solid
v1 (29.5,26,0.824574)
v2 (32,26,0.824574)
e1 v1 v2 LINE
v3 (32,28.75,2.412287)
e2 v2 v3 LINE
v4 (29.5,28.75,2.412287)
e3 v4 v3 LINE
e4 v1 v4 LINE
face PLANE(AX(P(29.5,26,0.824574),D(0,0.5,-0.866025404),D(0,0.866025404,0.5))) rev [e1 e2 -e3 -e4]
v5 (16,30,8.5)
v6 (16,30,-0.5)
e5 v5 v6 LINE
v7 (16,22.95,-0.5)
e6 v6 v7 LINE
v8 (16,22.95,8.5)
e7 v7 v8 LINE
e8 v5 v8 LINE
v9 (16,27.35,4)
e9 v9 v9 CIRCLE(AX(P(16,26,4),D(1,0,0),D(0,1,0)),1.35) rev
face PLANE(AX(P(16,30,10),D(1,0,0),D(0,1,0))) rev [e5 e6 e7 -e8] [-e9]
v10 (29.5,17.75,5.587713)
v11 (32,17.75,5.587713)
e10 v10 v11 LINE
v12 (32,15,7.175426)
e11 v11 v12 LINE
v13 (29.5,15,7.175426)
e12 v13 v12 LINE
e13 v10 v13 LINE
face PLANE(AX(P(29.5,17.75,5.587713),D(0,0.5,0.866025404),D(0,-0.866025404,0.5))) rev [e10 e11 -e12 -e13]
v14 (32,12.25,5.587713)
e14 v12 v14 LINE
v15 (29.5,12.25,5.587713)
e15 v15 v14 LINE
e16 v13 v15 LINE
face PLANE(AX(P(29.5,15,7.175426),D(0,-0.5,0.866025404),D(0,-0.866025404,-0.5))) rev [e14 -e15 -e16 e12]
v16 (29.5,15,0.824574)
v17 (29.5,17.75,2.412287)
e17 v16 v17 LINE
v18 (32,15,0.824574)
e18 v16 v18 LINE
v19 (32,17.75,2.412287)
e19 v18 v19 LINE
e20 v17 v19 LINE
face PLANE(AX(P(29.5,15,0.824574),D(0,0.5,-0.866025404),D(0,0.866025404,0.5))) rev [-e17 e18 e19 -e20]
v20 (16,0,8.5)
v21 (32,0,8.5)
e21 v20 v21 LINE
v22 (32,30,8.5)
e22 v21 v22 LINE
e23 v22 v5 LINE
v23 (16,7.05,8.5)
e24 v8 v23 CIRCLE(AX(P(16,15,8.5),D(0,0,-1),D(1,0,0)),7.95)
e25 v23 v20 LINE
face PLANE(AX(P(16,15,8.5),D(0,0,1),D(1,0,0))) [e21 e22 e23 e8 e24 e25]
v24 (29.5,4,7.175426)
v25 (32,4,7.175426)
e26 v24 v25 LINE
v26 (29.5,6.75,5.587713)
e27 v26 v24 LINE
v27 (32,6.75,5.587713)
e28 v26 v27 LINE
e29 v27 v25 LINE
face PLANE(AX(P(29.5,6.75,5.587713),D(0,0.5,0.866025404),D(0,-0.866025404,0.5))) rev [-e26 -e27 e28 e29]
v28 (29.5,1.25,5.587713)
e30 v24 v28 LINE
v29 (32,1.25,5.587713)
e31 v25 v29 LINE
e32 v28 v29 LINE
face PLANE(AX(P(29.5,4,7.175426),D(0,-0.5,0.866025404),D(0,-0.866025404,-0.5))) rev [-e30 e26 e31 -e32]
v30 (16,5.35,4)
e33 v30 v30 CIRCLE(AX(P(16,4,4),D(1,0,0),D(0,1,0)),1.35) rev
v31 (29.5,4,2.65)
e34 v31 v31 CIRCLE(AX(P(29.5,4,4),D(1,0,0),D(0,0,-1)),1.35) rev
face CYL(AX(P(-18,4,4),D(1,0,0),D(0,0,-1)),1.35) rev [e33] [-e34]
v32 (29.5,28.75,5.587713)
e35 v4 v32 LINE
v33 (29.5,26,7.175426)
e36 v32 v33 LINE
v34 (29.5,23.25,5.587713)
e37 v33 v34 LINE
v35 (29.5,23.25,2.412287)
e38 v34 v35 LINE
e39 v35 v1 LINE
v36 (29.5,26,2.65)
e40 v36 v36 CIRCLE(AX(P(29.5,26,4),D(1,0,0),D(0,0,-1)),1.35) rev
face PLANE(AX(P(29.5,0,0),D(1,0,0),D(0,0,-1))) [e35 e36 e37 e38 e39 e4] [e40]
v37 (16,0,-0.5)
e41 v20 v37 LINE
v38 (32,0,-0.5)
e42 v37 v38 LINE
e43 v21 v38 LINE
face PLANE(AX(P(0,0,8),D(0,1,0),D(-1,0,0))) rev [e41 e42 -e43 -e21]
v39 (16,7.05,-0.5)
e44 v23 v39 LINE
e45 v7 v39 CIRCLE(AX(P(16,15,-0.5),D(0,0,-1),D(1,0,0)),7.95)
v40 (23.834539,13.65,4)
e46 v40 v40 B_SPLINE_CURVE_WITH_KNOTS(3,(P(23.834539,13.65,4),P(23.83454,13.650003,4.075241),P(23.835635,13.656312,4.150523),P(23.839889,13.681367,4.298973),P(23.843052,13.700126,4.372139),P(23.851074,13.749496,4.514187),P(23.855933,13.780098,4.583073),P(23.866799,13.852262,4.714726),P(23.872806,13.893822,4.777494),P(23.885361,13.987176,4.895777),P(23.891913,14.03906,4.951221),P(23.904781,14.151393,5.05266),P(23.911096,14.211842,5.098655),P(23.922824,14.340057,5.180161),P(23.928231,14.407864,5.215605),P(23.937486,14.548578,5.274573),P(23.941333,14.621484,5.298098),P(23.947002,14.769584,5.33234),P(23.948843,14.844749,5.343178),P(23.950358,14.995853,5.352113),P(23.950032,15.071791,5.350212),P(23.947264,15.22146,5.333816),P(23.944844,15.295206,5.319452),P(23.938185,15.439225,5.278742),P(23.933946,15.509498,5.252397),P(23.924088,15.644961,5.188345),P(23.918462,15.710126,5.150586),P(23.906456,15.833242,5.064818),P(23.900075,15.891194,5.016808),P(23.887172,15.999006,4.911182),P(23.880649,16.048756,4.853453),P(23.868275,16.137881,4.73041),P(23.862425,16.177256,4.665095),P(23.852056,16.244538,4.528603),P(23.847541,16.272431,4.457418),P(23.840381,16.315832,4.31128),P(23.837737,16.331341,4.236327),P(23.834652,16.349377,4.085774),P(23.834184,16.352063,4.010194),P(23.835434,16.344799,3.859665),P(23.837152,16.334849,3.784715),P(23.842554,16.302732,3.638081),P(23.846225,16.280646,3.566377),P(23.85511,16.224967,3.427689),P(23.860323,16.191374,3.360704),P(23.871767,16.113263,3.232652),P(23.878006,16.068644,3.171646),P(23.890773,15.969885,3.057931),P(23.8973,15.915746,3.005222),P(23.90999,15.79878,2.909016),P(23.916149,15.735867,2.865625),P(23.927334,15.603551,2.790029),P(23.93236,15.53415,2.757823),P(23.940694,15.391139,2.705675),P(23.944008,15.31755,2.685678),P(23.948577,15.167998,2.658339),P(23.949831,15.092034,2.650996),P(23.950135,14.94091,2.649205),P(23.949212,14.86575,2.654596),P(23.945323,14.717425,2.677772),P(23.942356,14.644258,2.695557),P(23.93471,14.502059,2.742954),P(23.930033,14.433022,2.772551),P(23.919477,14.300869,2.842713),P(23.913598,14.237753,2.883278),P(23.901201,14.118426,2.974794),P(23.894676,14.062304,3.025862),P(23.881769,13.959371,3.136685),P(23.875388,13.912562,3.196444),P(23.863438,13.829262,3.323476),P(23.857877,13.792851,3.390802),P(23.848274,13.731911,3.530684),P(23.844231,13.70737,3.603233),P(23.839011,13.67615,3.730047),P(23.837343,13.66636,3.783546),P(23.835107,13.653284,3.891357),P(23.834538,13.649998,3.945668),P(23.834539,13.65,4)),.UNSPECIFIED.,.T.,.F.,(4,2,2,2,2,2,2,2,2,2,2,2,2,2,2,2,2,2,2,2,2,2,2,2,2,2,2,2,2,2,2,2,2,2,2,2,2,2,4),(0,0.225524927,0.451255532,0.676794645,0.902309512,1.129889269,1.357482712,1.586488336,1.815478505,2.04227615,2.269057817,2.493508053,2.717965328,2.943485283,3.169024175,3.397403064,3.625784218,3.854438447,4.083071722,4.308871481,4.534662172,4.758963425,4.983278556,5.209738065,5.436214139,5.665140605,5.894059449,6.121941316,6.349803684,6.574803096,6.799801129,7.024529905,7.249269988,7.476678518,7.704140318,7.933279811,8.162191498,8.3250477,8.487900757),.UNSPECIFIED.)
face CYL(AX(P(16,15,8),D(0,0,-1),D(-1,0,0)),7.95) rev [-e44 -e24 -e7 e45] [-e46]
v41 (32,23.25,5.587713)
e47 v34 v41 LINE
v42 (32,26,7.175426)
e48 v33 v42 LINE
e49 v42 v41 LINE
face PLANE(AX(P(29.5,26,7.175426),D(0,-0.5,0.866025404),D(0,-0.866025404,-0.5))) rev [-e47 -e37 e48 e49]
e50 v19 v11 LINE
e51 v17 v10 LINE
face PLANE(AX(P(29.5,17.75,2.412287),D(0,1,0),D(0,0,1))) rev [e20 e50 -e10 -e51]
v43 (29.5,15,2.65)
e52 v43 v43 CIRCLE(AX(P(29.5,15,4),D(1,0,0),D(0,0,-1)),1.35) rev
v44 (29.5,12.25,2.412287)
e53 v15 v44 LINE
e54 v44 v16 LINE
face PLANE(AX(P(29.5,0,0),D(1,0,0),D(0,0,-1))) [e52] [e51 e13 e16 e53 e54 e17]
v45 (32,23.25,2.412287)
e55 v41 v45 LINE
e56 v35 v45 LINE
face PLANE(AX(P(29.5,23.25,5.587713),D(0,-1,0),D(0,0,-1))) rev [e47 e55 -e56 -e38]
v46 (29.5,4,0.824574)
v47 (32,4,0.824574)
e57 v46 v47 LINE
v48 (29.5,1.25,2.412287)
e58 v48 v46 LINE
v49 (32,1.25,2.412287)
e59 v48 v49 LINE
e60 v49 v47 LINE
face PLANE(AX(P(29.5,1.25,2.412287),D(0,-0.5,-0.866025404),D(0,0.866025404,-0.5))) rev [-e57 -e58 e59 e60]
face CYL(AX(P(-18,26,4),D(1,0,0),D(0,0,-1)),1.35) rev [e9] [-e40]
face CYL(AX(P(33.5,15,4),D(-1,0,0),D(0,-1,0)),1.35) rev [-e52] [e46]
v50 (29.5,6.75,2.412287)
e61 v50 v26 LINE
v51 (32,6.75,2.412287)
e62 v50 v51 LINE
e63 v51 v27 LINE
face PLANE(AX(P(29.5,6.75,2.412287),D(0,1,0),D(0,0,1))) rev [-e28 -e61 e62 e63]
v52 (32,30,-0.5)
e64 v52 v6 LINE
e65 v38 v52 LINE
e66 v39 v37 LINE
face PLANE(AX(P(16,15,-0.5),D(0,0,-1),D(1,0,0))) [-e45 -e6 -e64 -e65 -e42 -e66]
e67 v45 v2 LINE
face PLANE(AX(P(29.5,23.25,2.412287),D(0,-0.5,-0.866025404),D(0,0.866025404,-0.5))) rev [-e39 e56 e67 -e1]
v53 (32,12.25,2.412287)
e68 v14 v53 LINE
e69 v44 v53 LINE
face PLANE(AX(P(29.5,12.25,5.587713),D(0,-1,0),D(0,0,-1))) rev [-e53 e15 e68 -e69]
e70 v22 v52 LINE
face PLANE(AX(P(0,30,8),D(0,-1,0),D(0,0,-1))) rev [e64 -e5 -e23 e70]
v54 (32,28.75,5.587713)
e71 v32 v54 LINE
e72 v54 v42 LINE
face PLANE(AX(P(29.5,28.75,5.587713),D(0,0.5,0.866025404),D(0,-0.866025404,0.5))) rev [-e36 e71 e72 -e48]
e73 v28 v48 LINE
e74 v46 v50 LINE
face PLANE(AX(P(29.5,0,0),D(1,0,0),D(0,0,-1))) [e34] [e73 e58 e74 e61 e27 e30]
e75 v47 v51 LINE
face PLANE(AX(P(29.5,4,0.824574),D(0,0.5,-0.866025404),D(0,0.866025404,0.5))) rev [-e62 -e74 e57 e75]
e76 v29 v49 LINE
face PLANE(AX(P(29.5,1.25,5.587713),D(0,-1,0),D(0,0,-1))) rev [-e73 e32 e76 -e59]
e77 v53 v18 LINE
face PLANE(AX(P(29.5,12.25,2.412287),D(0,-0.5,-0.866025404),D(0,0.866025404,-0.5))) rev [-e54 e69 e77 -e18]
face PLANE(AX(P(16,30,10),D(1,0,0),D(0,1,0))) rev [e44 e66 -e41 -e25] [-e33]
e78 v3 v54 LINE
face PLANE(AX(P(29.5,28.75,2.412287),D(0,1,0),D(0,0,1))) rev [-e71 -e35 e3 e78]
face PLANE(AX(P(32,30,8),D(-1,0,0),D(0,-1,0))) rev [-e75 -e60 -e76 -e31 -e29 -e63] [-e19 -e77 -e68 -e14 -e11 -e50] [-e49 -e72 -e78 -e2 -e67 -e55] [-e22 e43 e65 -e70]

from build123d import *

# Parameters (mm, degrees)
IZIM1_R                     = 7.95
Y_KSEKLIK_EKSTR_ZYON1_DEPTH = 8
IZIM2_R                     = 1.35
KES_EKSTR_ZYON1_DEPTH       = 50
IZIM3_R                     = 1.35
KES_EKSTR_ZYON2_DEPTH       = 29
KES_EKSTR_ZYON3_DEPTH       = 10
Y_KSEKLIK_EKSTR_ZYON2_REACH = 46.587
IZIM5_W                     = 5.529758539
IZIM5_H                     = 16.549351305
IZIM6_R                     = 1.35
KES_EKSTR_ZYON4_DEPTH       = 10
KES_EKSTR_ZYON5_DEPTH       = 2.5
Y_KSEKLIK_EKSTR_ZYON3_DEPTH = 0.5


with BuildPart() as part:
    # Çizim1 → Yükseklik-Ekstrüzyon1 (new body)
    with BuildSketch(Plane.XY):
        with BuildLine():
            Line((0, 0), (32, 0))
            Line((32, 0), (32, 8))
            Line((32, 8), (31.5, 8))
            ThreePointArc((31.5, 8), (28.671572875, 9.171572875), (27.5, 12))
            Line((27.5, 12), (27.5, 18))
            ThreePointArc((27.5, 18), (28.671572875, 20.828427125), (31.5, 22))
            Line((31.5, 22), (32, 22))
            Line((32, 22), (32, 30))
            Line((32, 30), (0, 30))
            Line((0, 30), (0, 22))
            Line((0, 22), (0.5, 22))
            ThreePointArc((0.5, 22), (3.328427125, 20.828427125), (4.5, 18))
            Line((4.5, 18), (4.5, 12))
            ThreePointArc((4.5, 12), (3.328427125, 9.171572875), (0.5, 8))
            Line((0.5, 8), (0, 8))
            Line((0, 8), (0, 0))
        make_face()
        with Locations((16, 15)):
            Circle(IZIM1_R, mode=Mode.SUBTRACT)
    extrude(amount=Y_KSEKLIK_EKSTR_ZYON1_DEPTH)

    # Çizim2 → Kes-Ekstrüzyon1 (cut)
    with BuildSketch(Plane(origin=(32, 0, 0), x_dir=(0, 0, -1), z_dir=(1, 0, 0))):
        with Locations((-4, 4)):
            Circle(IZIM2_R)
        with Locations((-4, 26)):
            Circle(IZIM2_R)
    extrude(amount=-KES_EKSTR_ZYON1_DEPTH, mode=Mode.SUBTRACT)

    # Çizim3 → Kes-Ekstrüzyon2 (cut)
    with BuildSketch(Plane.ZY.offset(-4.5)):
        with Locations(Location((4, 15, 0), (0, 0, 270))):
            Circle(IZIM3_R)
    extrude(amount=-KES_EKSTR_ZYON2_DEPTH, mode=Mode.SUBTRACT)

    # Çizim4 → Kes-Ekstrüzyon3 (cut)
    with BuildSketch(Plane(origin=(0, 0, 0), x_dir=(-1, 0, 0), z_dir=(0, 0, -1))):
        Polygon((-16, 30), (-16, 0), (9.241069926, -10.278514345), (11.843794838, 24.557008953), (11.843794838, 39.531622814), align=None)
    extrude(amount=-KES_EKSTR_ZYON3_DEPTH, mode=Mode.SUBTRACT)

    # Yükseklik-Ekstrüzyon2: up to this face of the body (flat: up to its plane)
    y_kseklik_ekstr_zyon2_end = Plane(part.part.faces().sort_by_distance((24.391799767, 15, 8))[0])
    # Çizim5 → Yükseklik-Ekstrüzyon2 (add, up to the picked face)
    with BuildSketch(Plane(origin=(0, 0, 0), x_dir=(-1, 0, 0), z_dir=(0, 0, -1)), mode=Mode.PRIVATE) as y_kseklik_ekstr_zyon2_sk1:
        with Locations((-29.235120731, 13.725324347)):
            Rectangle(IZIM5_W, IZIM5_H)
    y_kseklik_ekstr_zyon2_tool1 = split(extrude(y_kseklik_ekstr_zyon2_sk1.sketch, amount=-Y_KSEKLIK_EKSTR_ZYON2_REACH, mode=Mode.PRIVATE), bisect_by=y_kseklik_ekstr_zyon2_end, keep=Keep.BOTH, mode=Mode.PRIVATE)
    add(y_kseklik_ekstr_zyon2_tool1.solids().sort_by(Axis((29.235121, 13.725324, 0), (0, 0, 1)))[0])

    # Çizim6 → Kes-Ekstrüzyon4 (cut)
    with BuildSketch(Plane.ZY.offset(-26.470241461)):
        with Locations(Location((4, 15, 0), (0, 0, 270))):
            Circle(IZIM6_R)
    extrude(amount=-KES_EKSTR_ZYON4_DEPTH, mode=Mode.SUBTRACT)

    # Çizim7 → Kes-Ekstrüzyon5 (cut)
    with BuildSketch(Plane(origin=(32, 0, 0), x_dir=(0, 0, -1), z_dir=(1, 0, 0))):
        Polygon((-2.41228676, 28.75), (-5.58771324, 28.75), (-7.175426481, 26), (-5.58771324, 23.25), (-2.41228676, 23.25), (-0.824573519, 26), align=None)
        Polygon((-0.824573519, 15), (-2.41228676, 17.75), (-5.58771324, 17.75), (-7.175426481, 15), (-5.58771324, 12.25), (-2.41228676, 12.25), align=None)
        Polygon((-2.41228676, 6.75), (-5.58771324, 6.75), (-7.175426481, 4), (-5.58771324, 1.25), (-2.41228676, 1.25), (-0.824573519, 4), align=None)
    extrude(amount=-KES_EKSTR_ZYON5_DEPTH, mode=Mode.SUBTRACT)

    # Çizim8 → Yükseklik-Ekstrüzyon3 (add)
    with BuildSketch(Plane.XY.offset(8)):
        with BuildLine():
            Line((32, 30), (32, 0))
            Line((32, 0), (16, 0))
            Line((16, 0), (16, 7.05))
            ThreePointArc((16, 7.05), (23.95, 15), (16, 22.95))
            Line((16, 22.95), (16, 30))
            Line((16, 30), (32, 30))
        make_face()
    y_kseklik_ekstr_zyon3 = extrude(amount=Y_KSEKLIK_EKSTR_ZYON3_DEPTH)

    # Aynalama1: Yükseklik-Ekstrüzyon3 across plane
    add(y_kseklik_ekstr_zyon3.mirror(Plane.XY.offset(4)))


solid = part.part
